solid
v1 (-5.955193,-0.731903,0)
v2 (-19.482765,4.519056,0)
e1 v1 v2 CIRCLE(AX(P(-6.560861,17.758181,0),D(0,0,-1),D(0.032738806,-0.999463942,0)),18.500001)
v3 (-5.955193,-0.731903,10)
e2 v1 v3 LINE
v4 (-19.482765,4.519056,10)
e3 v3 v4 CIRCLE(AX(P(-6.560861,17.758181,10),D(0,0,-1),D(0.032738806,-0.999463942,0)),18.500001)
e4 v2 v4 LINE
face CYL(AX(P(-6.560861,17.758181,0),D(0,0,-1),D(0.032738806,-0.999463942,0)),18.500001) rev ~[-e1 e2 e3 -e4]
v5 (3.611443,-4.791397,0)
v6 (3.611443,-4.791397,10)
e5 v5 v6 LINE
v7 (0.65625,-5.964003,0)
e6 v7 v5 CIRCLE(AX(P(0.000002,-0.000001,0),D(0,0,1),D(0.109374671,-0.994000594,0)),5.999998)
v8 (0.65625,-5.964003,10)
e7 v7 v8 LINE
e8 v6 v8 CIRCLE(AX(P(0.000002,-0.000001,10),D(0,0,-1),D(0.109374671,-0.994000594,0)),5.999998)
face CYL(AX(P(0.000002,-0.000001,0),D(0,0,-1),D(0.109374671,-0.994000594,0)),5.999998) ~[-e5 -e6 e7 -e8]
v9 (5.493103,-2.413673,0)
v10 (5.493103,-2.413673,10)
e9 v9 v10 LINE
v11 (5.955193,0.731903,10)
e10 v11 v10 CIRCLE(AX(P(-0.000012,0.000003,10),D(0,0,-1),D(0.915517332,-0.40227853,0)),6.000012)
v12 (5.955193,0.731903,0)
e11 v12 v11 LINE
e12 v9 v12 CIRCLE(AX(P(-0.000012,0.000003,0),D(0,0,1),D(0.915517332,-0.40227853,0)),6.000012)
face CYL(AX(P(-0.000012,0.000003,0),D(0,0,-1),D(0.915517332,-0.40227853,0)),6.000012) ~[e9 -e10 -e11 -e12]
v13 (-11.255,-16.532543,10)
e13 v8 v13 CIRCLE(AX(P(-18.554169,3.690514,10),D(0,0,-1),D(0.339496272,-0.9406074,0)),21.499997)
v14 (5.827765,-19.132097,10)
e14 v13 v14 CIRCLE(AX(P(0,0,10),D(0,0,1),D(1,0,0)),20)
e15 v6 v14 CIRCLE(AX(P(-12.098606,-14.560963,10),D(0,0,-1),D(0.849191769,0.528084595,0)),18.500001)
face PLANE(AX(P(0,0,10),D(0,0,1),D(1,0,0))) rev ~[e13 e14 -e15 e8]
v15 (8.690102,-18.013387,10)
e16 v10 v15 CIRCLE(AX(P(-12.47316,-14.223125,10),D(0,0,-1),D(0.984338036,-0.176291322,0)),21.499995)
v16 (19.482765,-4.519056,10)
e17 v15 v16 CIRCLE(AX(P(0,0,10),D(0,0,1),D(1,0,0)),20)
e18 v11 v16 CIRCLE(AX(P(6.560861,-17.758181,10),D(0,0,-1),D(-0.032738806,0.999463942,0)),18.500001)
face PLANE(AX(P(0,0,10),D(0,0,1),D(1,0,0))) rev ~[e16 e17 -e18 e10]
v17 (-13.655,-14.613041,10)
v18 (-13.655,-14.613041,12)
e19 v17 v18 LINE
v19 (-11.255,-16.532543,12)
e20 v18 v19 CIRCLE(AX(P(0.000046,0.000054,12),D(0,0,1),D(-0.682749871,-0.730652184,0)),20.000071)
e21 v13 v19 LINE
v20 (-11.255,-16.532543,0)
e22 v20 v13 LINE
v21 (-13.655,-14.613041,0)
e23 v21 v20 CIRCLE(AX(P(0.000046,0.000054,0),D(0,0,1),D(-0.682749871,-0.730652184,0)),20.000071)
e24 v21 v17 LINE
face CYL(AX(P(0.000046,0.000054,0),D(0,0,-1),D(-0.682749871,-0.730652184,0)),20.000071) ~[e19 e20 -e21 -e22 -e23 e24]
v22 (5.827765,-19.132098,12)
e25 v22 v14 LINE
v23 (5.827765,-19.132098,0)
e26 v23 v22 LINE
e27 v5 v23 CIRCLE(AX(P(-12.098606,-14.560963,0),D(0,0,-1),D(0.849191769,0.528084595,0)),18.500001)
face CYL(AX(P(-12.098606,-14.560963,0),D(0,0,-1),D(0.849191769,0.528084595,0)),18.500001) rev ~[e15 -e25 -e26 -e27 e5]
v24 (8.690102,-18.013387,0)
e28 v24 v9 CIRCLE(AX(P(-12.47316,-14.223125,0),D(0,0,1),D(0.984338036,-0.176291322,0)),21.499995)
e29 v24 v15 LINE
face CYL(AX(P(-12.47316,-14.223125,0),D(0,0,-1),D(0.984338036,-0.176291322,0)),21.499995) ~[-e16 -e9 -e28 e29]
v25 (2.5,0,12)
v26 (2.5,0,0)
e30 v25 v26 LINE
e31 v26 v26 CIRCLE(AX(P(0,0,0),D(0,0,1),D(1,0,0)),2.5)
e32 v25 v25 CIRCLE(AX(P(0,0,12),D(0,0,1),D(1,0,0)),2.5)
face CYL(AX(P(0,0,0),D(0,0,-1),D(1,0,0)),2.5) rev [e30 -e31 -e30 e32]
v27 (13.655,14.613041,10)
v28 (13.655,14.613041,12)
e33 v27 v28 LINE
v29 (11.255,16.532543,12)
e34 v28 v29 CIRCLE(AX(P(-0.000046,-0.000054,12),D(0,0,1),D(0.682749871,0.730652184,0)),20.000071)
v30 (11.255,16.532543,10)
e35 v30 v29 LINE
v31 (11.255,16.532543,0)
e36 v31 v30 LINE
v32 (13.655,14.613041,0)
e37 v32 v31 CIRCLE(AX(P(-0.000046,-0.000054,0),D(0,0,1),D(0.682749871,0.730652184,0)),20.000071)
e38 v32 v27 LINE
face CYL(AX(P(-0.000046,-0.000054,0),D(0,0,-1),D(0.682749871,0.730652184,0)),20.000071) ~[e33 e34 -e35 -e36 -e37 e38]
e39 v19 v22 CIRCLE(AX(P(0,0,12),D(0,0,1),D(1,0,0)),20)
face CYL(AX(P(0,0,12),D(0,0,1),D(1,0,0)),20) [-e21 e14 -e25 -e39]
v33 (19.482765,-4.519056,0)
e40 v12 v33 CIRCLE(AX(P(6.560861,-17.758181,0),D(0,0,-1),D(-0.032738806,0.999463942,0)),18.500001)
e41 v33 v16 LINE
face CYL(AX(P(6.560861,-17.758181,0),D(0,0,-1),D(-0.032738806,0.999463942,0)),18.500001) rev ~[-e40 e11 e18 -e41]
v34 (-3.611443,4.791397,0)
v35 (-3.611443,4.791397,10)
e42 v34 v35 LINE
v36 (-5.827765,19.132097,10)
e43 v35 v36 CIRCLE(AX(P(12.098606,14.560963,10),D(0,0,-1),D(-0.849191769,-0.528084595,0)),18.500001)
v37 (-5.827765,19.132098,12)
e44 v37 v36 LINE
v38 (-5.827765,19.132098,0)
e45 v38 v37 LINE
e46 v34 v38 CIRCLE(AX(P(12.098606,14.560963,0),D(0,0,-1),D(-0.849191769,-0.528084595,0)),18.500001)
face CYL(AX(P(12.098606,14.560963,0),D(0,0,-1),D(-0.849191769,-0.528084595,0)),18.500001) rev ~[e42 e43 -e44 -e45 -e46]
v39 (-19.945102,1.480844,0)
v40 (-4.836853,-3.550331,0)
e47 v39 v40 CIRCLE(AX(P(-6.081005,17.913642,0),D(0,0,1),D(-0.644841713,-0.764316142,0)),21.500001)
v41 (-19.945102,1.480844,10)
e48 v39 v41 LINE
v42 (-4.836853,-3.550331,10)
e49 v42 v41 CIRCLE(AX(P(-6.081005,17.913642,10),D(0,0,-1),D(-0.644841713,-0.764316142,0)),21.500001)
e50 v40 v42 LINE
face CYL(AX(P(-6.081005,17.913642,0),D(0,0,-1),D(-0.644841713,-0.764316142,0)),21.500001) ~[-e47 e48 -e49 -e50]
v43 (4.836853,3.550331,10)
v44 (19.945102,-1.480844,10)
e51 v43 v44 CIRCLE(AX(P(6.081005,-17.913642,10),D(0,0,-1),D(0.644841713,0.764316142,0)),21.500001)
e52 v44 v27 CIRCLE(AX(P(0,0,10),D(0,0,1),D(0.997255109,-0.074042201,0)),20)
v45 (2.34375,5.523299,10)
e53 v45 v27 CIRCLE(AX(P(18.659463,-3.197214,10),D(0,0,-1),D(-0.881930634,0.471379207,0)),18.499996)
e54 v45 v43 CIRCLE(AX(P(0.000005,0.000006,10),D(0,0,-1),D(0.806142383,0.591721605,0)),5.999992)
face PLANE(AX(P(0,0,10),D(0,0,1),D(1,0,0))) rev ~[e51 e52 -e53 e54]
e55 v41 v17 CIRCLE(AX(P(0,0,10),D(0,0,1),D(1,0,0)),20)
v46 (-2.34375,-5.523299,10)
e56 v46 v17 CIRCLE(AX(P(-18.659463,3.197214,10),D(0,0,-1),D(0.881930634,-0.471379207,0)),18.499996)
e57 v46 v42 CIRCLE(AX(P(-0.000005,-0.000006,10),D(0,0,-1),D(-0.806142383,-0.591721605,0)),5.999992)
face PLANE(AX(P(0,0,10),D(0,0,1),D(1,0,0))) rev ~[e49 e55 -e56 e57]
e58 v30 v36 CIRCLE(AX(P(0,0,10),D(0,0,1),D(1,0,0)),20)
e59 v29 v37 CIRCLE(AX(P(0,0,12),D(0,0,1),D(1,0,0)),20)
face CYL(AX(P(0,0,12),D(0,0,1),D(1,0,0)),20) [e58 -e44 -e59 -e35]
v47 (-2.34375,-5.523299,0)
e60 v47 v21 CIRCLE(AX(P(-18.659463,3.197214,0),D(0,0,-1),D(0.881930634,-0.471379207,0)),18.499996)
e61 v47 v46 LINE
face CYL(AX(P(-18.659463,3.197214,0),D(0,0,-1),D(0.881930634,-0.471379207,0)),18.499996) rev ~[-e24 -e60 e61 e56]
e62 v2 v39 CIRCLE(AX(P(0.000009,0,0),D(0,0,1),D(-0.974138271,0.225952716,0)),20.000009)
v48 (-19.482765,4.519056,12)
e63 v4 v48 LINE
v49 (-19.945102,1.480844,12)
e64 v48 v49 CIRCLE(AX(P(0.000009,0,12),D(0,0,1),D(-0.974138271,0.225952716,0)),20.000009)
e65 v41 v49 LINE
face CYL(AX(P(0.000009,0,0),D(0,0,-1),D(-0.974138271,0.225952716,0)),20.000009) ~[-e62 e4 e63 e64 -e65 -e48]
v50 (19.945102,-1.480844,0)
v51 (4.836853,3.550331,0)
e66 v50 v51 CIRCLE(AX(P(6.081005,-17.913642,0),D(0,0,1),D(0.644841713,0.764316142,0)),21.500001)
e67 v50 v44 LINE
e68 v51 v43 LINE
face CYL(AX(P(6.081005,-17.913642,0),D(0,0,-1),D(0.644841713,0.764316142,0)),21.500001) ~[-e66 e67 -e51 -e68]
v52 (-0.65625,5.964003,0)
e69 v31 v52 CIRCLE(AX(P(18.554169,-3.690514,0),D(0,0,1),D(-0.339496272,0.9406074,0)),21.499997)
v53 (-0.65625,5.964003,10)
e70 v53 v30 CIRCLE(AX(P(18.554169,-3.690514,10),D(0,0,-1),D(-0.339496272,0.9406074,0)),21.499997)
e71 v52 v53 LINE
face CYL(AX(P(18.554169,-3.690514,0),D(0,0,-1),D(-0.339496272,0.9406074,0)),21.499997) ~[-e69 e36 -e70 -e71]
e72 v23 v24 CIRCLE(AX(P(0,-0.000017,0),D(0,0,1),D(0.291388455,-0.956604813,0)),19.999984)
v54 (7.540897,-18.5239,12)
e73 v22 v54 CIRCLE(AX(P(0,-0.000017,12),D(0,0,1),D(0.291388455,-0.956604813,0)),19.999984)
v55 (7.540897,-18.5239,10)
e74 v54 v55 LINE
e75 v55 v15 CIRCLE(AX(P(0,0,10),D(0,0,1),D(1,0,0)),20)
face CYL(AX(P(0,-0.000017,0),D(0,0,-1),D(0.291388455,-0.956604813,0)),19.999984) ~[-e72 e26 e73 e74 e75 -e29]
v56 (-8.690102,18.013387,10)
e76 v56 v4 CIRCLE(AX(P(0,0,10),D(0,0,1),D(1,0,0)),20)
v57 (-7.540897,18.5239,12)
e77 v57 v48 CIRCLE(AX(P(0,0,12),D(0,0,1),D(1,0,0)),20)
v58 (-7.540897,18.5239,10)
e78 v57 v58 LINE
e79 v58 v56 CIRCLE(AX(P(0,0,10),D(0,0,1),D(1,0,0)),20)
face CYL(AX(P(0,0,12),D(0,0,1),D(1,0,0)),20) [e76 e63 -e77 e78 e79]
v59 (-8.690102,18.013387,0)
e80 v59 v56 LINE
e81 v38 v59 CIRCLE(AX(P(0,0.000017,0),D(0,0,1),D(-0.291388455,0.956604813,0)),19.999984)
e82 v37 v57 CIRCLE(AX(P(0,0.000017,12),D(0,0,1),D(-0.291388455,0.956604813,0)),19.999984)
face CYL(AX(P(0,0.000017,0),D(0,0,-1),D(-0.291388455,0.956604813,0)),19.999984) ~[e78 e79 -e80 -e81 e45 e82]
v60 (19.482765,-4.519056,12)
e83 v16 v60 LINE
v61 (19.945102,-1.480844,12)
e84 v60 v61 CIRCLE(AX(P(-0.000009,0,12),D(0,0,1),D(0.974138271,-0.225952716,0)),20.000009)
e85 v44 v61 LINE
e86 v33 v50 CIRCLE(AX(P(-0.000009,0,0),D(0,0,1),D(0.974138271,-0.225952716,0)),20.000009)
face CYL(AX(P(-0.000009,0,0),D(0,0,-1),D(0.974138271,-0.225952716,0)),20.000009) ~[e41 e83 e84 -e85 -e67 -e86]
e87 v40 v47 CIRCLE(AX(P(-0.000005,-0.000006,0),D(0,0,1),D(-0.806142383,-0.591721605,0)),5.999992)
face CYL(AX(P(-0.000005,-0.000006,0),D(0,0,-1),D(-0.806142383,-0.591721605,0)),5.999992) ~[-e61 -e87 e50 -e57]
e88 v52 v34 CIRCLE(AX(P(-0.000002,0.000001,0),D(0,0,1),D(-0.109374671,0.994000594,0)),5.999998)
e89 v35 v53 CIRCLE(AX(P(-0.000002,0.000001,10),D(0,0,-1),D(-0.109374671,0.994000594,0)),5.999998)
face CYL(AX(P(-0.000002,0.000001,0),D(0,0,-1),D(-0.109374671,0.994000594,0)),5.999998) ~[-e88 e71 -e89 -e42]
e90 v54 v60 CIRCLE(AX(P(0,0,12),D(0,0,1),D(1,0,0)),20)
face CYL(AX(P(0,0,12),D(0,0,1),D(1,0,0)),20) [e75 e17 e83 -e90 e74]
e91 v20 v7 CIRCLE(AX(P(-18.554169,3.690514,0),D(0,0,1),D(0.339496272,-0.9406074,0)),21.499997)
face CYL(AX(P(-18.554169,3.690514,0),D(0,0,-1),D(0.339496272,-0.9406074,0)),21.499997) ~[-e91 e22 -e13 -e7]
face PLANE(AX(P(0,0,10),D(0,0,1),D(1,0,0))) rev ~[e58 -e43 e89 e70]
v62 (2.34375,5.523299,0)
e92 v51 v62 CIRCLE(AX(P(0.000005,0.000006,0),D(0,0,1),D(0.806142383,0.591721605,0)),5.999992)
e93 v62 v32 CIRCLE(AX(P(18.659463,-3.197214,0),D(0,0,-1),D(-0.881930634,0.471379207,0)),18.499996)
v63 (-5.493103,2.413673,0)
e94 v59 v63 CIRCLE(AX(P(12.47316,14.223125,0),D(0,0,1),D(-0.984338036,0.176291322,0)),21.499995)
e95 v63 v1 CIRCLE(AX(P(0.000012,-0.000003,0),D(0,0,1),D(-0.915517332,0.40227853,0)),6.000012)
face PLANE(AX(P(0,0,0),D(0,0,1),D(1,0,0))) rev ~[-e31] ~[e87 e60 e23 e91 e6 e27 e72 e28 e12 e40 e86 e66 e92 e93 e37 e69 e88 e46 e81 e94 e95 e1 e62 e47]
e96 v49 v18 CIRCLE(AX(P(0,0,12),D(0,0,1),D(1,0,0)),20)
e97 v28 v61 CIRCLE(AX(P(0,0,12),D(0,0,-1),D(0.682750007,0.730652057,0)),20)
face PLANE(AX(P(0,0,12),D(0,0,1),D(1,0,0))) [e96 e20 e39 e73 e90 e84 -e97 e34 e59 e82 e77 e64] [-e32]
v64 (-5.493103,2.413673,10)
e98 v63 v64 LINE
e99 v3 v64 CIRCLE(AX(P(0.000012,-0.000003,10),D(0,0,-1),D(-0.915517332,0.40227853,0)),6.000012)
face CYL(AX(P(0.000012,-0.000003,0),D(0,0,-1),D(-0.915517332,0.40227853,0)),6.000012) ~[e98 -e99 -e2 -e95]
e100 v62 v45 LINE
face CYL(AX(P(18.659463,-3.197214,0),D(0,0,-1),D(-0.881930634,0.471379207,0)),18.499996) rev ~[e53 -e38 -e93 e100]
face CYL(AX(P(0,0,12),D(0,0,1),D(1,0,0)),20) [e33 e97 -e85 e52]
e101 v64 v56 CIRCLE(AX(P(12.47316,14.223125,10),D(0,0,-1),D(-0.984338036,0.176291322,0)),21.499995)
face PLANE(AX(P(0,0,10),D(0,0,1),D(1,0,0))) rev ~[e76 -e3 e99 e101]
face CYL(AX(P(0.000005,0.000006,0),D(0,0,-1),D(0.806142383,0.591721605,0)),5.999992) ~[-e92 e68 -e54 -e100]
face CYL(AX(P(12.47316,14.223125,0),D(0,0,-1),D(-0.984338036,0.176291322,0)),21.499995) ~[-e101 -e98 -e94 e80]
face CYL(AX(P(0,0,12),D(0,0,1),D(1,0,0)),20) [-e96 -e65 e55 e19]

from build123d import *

# Parameters (mm, degrees)
F0_R     = 2.5
F1_DEPTH = 12
F2_R     = 20
F2_R_2   = 2.5
F3_DEPTH = 2


with BuildPart() as f1:
    # F0 (on Top) → F1 (new body)
    with BuildSketch(Plane.XY):
        with BuildLine():
            ThreePointArc((2.34375, 5.523299), (7.070963, 11.223483), (13.655, 14.613041))
            ThreePointArc((13.655, 14.613041), (12.491923, 15.618958), (11.255, 16.532543))
            ThreePointArc((11.255, 16.532543), (4.284864, 12.391676), (-0.65625, 5.964003))
            ThreePointArc((-0.65625, 5.964003), (-2.212928, 5.577002), (-3.611443, 4.791397))
            ThreePointArc((-3.611443, 4.791397), (-6.18434, 11.735376), (-5.827765, 19.132098))
            ThreePointArc((-5.827765, 19.132098), (-7.280453, 18.627802), (-8.690102, 18.013387))
            ThreePointArc((-8.690102, 18.013387), (-8.589074, 9.906639), (-5.493103, 2.413673))
            ThreePointArc((-5.493103, 2.413673), (-5.936289, 0.872049), (-5.955193, -0.731903))
            ThreePointArc((-5.955193, -0.731903), (-13.255303, 0.511892), (-19.482765, 4.519056))
            ThreePointArc((-19.482765, 4.519056), (-19.772376, 3.008844), (-19.945102, 1.480844))
            ThreePointArc((-19.945102, 1.480844), (-12.873938, -2.485037), (-4.836853, -3.550331))
            ThreePointArc((-4.836853, -3.550331), (-3.723361, -4.704953), (-2.34375, -5.523299))
            ThreePointArc((-2.34375, -5.523299), (-7.070963, -11.223483), (-13.655, -14.613041))
            ThreePointArc((-13.655, -14.613041), (-12.491923, -15.618958), (-11.255, -16.532543))
            ThreePointArc((-11.255, -16.532543), (-4.284864, -12.391676), (0.65625, -5.964003))
            ThreePointArc((0.65625, -5.964003), (2.212928, -5.577002), (3.611443, -4.791397))
            ThreePointArc((3.611443, -4.791397), (6.18434, -11.735376), (5.827765, -19.132098))
            ThreePointArc((5.827765, -19.132098), (7.280453, -18.627802), (8.690102, -18.013387))
            ThreePointArc((8.690102, -18.013387), (8.589074, -9.906639), (5.493103, -2.413673))
            ThreePointArc((5.493103, -2.413673), (5.936289, -0.872049), (5.955193, 0.731903))
            ThreePointArc((5.955193, 0.731903), (13.255303, -0.511892), (19.482765, -4.519056))
            ThreePointArc((19.482765, -4.519056), (19.772376, -3.008844), (19.945102, -1.480844))
            ThreePointArc((19.945102, -1.480844), (12.873938, 2.485037), (4.836853, 3.550331))
            ThreePointArc((4.836853, 3.550331), (3.723361, 4.704953), (2.34375, 5.523299))
        make_face()
        Circle(F0_R, mode=Mode.SUBTRACT)
    extrude(amount=F1_DEPTH)

    # F2 (on face) → F3 (join)
    with BuildSketch(Plane.XY.offset(12)):
        Circle(F2_R)
        Circle(F2_R_2, mode=Mode.SUBTRACT)
    extrude(amount=-F3_DEPTH)


solid = f1.part
